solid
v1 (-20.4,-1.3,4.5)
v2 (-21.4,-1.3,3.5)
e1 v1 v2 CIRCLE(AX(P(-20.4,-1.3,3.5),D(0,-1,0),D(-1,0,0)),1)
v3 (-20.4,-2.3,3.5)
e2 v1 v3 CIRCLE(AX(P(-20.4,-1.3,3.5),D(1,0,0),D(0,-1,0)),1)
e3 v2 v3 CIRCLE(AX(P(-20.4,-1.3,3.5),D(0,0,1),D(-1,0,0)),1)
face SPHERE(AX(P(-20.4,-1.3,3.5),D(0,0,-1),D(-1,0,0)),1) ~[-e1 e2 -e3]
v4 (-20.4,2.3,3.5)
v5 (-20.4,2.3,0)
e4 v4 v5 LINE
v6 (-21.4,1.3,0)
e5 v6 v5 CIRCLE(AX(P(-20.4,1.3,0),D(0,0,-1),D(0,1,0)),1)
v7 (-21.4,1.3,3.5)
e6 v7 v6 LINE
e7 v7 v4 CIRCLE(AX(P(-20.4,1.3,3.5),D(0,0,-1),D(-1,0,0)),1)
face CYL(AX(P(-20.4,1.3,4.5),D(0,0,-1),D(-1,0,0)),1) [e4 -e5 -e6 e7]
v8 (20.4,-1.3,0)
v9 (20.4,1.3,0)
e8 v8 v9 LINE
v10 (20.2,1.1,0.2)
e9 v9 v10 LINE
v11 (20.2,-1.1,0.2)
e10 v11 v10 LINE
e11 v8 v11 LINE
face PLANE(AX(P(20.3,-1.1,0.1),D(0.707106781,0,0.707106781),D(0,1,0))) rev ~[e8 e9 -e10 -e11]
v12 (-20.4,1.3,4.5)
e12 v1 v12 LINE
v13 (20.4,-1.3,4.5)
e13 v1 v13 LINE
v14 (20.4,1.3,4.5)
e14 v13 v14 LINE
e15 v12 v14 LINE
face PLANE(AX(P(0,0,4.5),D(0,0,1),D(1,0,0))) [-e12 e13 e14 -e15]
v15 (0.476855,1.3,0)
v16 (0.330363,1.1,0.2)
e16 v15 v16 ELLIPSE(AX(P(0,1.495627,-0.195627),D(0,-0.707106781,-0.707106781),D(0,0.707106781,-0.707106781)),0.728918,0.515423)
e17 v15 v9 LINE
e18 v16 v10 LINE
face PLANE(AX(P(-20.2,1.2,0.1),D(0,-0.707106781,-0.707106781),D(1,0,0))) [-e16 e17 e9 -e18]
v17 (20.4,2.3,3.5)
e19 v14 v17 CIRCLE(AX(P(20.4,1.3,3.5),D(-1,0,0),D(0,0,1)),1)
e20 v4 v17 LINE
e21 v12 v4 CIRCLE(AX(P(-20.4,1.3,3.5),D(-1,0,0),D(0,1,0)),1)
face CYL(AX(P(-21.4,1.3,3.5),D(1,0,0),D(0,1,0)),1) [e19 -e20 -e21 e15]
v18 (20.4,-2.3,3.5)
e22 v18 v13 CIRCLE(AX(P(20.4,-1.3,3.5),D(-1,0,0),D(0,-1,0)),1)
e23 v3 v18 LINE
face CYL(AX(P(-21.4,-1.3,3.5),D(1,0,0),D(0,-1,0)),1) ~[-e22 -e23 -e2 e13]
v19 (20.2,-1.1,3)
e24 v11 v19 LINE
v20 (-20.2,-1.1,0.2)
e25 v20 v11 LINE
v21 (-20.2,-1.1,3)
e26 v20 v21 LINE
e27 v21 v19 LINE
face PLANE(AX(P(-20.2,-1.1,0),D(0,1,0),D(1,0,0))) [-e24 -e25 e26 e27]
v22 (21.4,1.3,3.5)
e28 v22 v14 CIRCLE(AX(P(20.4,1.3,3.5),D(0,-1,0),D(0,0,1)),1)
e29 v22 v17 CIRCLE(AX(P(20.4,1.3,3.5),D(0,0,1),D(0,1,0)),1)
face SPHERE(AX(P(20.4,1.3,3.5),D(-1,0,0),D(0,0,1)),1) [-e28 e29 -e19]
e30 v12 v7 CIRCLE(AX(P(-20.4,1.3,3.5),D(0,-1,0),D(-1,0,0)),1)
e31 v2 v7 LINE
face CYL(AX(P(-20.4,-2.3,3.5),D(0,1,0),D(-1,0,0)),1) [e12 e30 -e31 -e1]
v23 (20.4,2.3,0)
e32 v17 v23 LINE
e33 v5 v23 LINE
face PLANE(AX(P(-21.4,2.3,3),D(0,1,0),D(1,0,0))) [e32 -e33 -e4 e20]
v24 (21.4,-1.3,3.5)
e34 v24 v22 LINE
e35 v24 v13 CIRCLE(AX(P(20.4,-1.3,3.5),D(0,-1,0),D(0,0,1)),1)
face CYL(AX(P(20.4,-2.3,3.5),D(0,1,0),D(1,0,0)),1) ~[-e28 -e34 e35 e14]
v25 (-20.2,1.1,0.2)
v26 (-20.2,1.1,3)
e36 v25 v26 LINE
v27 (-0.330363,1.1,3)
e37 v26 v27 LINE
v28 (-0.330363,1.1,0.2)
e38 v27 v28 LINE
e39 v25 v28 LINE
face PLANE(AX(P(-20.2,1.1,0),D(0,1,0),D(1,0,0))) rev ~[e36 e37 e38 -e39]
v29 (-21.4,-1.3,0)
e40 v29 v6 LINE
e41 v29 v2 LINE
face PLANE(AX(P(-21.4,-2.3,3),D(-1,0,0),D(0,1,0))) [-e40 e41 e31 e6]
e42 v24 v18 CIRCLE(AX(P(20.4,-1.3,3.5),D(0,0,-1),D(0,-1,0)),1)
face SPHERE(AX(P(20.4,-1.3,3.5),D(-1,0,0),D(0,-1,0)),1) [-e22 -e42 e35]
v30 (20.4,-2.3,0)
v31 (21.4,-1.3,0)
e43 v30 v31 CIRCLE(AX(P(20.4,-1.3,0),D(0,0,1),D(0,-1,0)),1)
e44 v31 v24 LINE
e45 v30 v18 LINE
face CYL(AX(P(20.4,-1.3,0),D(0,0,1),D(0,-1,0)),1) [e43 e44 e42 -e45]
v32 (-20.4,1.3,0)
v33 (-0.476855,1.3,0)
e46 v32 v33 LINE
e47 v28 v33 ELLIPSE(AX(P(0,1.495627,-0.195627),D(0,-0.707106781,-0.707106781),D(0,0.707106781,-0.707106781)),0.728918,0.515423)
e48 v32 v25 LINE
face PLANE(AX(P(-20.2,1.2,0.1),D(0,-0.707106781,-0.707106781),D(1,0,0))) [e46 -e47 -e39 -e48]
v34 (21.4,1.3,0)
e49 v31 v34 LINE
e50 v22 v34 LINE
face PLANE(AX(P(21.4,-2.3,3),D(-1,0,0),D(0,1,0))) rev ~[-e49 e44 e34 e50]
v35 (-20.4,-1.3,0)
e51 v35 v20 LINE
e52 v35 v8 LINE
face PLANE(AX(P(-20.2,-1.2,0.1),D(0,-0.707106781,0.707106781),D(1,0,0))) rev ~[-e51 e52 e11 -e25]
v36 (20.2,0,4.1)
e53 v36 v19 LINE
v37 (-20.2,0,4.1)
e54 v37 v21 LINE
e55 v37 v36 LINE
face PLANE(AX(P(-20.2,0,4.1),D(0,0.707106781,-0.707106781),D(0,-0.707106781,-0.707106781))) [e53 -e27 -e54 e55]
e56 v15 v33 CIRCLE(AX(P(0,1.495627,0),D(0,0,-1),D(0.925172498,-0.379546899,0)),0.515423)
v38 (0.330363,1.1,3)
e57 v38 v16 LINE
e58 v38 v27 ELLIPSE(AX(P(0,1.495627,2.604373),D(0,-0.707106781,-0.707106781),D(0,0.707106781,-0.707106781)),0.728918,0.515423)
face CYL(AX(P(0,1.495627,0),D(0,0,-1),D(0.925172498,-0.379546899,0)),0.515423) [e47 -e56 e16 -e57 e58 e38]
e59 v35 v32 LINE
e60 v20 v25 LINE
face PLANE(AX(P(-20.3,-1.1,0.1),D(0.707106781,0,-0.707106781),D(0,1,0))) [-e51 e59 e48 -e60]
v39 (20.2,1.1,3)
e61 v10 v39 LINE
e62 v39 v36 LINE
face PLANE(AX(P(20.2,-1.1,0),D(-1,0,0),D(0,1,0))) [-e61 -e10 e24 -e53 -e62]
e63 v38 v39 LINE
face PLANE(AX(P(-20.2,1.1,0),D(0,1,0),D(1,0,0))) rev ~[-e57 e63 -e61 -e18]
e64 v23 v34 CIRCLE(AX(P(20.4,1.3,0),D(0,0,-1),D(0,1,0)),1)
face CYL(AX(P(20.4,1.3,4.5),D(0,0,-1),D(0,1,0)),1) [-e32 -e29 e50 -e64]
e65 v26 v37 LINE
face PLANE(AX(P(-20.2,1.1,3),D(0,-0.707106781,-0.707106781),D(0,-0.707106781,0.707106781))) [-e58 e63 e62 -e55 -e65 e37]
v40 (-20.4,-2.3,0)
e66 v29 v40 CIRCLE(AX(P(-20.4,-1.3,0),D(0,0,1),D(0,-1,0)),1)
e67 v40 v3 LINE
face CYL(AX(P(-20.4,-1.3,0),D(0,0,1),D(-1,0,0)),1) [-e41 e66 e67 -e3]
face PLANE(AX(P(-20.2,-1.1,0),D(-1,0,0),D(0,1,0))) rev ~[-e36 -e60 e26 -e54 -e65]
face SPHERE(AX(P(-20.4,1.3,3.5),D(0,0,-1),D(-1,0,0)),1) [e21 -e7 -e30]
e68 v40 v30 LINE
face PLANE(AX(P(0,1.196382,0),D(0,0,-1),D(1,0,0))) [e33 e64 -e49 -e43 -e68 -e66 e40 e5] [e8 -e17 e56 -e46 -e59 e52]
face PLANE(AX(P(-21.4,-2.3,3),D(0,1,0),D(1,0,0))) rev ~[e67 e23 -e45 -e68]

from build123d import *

# Parameters (mm, degrees)
F0_W     = 42.8
F0_H     = 4.6
F0_W_2   = 40.4
F0_H_2   = 2.2
F1_DEPTH = 3
F2_W     = 42.8
F2_H     = 4.6
F3_DEPTH = 1.5
F5_DEPTH = 40.4
F6_SIZE  = 0.2
F7_R     = 1
F9_DEPTH = 4.1197958302


with BuildPart() as f1:
    # F0 (on Top) → F1 (new body)
    with BuildSketch(Plane.XY):
        Rectangle(F0_W, F0_H)
        Rectangle(F0_W_2, F0_H_2, mode=Mode.SUBTRACT)
    extrude(amount=F1_DEPTH)

    # F2 (on face) → F3 (join)
    with BuildSketch(Plane.XY.offset(3)):
        Rectangle(F2_W, F2_H)
    extrude(amount=F3_DEPTH)

    # F4 (on face) → F5 (cut, through all)
    with BuildSketch(Plane.YZ.offset(-20.2)):
        Polygon((-1.1, 3), (1.1, 3), (0, 4.1), align=None)
    extrude(amount=F5_DEPTH, mode=Mode.SUBTRACT)

    # F6
    f6_edges = [f1.edges().sort_by_distance(p)[0] for p in [
        (0, 1.1, 0),
        (-20.2, 0, 0),
        (0, -1.1, 0),
        (20.2, 0, 0),
    ]]
    chamfer(f6_edges, length=F6_SIZE)

    # F7
    f7_edges = [f1.edges().sort_by_distance(p)[0] for p in [
        (-21.4, -2.3, 2.25),
        (-21.4, 2.3, 2.25),
        (-21.4, 0, 4.5),
        (0, 2.3, 4.5),
        (0, -2.3, 4.5),
        (21.4, -2.3, 2.25),
        (21.4, 0, 4.5),
        (21.4, 2.3, 2.25),
    ]]
    fillet(f7_edges, radius=F7_R)

    # F8 (on face) → F9 (join, up to face)
    with BuildSketch(Plane(origin=(0, 0, 0), x_dir=(1, 0, 0), z_dir=(0, 0, -1))):
        with BuildLine():
            Line((-0.4768552317, -1.3), (0.4768552317, -1.3))
            ThreePointArc((0.4768552317, -1.3), (0, -0.9802041698), (-0.4768552317, -1.3))
        make_face()
    extrude(amount=-F9_DEPTH)


solid = f1.part
